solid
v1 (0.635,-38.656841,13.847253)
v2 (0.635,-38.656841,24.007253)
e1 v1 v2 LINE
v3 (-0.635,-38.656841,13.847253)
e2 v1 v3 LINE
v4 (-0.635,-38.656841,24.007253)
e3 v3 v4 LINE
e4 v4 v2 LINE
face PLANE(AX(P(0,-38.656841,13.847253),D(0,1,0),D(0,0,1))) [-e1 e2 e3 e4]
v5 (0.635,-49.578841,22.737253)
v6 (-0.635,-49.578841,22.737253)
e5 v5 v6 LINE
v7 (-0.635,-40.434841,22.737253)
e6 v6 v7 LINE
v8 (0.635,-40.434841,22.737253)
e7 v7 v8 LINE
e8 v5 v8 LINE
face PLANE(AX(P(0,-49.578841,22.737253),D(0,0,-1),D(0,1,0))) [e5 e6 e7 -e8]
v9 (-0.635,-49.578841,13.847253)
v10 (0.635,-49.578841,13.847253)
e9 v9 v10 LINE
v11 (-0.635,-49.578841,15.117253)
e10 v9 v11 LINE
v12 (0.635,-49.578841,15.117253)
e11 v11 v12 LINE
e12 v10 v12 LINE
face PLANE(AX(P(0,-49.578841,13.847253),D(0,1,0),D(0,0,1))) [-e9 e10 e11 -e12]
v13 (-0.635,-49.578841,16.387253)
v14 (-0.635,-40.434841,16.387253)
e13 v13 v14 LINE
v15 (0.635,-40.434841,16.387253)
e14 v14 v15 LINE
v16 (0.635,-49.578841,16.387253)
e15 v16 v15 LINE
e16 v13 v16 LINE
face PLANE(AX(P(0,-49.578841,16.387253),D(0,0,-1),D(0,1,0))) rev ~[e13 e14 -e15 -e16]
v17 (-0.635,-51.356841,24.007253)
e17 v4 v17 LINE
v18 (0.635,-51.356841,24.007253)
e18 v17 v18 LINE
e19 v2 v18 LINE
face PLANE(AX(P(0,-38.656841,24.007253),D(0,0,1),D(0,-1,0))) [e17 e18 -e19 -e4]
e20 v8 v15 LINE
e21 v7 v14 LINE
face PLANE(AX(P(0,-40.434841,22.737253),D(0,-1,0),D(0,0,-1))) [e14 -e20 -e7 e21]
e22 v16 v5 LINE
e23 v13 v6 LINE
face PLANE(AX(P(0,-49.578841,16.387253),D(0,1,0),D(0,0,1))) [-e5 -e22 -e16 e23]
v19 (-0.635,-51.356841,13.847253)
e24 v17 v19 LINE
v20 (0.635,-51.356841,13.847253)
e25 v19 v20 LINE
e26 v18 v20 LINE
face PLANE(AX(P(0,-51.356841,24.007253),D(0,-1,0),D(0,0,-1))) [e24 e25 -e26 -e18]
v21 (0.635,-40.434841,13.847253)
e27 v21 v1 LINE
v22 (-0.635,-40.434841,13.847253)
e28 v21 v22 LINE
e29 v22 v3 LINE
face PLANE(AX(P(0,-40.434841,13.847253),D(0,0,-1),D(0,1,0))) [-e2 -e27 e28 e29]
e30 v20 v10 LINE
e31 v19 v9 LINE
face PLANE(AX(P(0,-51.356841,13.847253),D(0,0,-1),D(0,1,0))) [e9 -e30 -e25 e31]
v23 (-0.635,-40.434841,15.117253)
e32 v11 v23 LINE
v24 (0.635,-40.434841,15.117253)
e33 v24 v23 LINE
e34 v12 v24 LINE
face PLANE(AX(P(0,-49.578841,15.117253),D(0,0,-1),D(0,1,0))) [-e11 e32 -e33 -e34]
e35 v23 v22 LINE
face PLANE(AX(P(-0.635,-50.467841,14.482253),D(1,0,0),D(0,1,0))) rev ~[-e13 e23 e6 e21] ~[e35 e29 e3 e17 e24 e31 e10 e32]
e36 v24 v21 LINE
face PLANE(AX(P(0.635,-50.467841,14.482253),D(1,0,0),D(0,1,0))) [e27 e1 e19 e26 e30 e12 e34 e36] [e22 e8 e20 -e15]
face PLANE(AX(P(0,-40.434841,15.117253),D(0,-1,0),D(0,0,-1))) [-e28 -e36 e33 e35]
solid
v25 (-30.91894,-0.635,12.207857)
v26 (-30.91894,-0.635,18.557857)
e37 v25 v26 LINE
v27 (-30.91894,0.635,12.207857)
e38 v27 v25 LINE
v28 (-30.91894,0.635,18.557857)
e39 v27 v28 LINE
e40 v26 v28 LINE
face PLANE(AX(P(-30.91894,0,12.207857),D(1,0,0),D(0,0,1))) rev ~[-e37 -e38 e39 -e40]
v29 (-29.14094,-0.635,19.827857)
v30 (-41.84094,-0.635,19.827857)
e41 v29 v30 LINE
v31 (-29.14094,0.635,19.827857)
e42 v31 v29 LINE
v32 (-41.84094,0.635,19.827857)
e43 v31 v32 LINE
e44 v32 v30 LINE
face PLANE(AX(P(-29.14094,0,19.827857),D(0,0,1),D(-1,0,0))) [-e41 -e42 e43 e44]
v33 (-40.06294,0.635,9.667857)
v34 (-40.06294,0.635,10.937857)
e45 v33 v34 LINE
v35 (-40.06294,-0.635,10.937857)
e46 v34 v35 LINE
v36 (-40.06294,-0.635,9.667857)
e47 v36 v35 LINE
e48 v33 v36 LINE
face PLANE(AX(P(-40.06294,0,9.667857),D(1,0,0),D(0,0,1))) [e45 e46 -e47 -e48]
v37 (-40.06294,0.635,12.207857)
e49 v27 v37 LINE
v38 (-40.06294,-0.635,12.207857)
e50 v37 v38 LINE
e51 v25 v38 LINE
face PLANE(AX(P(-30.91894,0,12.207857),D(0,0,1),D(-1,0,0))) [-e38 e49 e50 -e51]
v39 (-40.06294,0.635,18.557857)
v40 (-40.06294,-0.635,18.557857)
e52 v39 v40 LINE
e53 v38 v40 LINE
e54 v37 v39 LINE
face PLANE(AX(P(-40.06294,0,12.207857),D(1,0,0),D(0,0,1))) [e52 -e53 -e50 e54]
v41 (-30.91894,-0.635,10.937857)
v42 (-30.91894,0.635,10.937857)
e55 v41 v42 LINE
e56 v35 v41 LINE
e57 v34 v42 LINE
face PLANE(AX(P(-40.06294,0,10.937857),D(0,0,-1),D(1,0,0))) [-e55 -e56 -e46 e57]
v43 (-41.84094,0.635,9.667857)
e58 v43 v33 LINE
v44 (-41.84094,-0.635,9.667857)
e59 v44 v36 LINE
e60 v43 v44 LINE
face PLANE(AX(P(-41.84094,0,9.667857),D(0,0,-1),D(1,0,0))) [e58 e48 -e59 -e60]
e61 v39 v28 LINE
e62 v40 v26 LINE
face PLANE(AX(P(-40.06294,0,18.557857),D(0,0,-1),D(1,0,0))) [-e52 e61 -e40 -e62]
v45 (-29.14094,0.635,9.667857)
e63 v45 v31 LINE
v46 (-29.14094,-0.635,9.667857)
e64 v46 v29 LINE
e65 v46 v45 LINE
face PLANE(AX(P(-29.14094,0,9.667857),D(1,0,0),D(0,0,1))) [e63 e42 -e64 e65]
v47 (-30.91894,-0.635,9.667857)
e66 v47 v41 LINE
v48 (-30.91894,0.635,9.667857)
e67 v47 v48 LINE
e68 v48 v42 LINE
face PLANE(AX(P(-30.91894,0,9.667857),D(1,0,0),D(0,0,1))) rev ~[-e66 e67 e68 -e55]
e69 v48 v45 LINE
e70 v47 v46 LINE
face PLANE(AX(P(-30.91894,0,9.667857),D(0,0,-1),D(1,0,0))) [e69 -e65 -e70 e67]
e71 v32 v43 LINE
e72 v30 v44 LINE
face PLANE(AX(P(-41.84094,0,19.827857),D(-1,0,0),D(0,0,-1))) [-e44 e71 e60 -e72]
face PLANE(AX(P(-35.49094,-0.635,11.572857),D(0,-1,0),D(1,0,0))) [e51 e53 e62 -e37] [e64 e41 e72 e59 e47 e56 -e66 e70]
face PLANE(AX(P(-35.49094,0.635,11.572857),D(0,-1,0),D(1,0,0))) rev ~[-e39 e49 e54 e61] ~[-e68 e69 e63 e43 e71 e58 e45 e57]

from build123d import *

# Parameters (mm, degrees)
F0_W     = 9.144
F0_H     = 1.27
F0_W_2   = 1.778
F0_H_2   = 6.35
F1_DEPTH = 0.635
F2_W     = 1.778
F2_H     = 1.27
F2_H_2   = 6.35
F2_W_2   = 9.144
F3_DEPTH = 0.635


with BuildPart() as f1:
    # F0 (on Front) → F1 (new body, symmetric)
    with BuildSketch(Plane.XZ):
        with Locations((-35.4909399968, 11.5728569476)):
            Rectangle(F0_W, F0_H)
        with Locations((-30.0299399968, 11.5728569476)):
            Rectangle(F0_W_2, F0_H)
        with Locations((-30.0299399968, 10.3028569476)):
            Rectangle(F0_W_2, F0_H)
        with Locations((-40.9519399968, 10.3028569476)):
            Rectangle(F0_W_2, F0_H)
        with Locations((-40.9519399968, 11.5728569476)):
            Rectangle(F0_W_2, F0_H)
        with Locations((-40.9519399968, 15.3828569476)):
            Rectangle(F0_W_2, F0_H_2)
        with Locations((-40.9519399968, 19.1928569476)):
            Rectangle(F0_W_2, F0_H)
        with Locations((-35.4909399968, 19.1928569476)):
            Rectangle(F0_W, F0_H)
        with Locations((-30.0299399968, 15.3828569476)):
            Rectangle(F0_W_2, F0_H_2)
        with Locations((-30.0299399968, 19.1928569476)):
            Rectangle(F0_W_2, F0_H)
    extrude(amount=F1_DEPTH, both=True)


with BuildPart() as f3:
    # F2 (on Right) → F3 (new body, symmetric)
    with BuildSketch(Plane.YZ):
        with Locations((-50.4678414211, 14.4822528243)):
            Rectangle(F2_W, F2_H)
        with Locations((-50.4678414211, 15.7522528243)):
            Rectangle(F2_W, F2_H)
        with Locations((-50.4678414211, 19.5622528243)):
            Rectangle(F2_W, F2_H_2)
        with Locations((-39.5458414211, 19.5622528243)):
            Rectangle(F2_W, F2_H_2)
        with Locations((-39.5458414211, 15.7522528243)):
            Rectangle(F2_W, F2_H)
        with Locations((-39.5458414211, 14.4822528243)):
            Rectangle(F2_W, F2_H)
        with Locations((-45.0068414211, 15.7522528243)):
            Rectangle(F2_W_2, F2_H)
        with Locations((-45.0068414211, 23.3722528243)):
            Rectangle(F2_W_2, F2_H)
        with Locations((-50.4678414211, 23.3722528243)):
            Rectangle(F2_W, F2_H)
        with Locations((-39.5458414211, 23.3722528243)):
            Rectangle(F2_W, F2_H)
    extrude(amount=F3_DEPTH, both=True)


solid = Compound([f1.part, f3.part])
